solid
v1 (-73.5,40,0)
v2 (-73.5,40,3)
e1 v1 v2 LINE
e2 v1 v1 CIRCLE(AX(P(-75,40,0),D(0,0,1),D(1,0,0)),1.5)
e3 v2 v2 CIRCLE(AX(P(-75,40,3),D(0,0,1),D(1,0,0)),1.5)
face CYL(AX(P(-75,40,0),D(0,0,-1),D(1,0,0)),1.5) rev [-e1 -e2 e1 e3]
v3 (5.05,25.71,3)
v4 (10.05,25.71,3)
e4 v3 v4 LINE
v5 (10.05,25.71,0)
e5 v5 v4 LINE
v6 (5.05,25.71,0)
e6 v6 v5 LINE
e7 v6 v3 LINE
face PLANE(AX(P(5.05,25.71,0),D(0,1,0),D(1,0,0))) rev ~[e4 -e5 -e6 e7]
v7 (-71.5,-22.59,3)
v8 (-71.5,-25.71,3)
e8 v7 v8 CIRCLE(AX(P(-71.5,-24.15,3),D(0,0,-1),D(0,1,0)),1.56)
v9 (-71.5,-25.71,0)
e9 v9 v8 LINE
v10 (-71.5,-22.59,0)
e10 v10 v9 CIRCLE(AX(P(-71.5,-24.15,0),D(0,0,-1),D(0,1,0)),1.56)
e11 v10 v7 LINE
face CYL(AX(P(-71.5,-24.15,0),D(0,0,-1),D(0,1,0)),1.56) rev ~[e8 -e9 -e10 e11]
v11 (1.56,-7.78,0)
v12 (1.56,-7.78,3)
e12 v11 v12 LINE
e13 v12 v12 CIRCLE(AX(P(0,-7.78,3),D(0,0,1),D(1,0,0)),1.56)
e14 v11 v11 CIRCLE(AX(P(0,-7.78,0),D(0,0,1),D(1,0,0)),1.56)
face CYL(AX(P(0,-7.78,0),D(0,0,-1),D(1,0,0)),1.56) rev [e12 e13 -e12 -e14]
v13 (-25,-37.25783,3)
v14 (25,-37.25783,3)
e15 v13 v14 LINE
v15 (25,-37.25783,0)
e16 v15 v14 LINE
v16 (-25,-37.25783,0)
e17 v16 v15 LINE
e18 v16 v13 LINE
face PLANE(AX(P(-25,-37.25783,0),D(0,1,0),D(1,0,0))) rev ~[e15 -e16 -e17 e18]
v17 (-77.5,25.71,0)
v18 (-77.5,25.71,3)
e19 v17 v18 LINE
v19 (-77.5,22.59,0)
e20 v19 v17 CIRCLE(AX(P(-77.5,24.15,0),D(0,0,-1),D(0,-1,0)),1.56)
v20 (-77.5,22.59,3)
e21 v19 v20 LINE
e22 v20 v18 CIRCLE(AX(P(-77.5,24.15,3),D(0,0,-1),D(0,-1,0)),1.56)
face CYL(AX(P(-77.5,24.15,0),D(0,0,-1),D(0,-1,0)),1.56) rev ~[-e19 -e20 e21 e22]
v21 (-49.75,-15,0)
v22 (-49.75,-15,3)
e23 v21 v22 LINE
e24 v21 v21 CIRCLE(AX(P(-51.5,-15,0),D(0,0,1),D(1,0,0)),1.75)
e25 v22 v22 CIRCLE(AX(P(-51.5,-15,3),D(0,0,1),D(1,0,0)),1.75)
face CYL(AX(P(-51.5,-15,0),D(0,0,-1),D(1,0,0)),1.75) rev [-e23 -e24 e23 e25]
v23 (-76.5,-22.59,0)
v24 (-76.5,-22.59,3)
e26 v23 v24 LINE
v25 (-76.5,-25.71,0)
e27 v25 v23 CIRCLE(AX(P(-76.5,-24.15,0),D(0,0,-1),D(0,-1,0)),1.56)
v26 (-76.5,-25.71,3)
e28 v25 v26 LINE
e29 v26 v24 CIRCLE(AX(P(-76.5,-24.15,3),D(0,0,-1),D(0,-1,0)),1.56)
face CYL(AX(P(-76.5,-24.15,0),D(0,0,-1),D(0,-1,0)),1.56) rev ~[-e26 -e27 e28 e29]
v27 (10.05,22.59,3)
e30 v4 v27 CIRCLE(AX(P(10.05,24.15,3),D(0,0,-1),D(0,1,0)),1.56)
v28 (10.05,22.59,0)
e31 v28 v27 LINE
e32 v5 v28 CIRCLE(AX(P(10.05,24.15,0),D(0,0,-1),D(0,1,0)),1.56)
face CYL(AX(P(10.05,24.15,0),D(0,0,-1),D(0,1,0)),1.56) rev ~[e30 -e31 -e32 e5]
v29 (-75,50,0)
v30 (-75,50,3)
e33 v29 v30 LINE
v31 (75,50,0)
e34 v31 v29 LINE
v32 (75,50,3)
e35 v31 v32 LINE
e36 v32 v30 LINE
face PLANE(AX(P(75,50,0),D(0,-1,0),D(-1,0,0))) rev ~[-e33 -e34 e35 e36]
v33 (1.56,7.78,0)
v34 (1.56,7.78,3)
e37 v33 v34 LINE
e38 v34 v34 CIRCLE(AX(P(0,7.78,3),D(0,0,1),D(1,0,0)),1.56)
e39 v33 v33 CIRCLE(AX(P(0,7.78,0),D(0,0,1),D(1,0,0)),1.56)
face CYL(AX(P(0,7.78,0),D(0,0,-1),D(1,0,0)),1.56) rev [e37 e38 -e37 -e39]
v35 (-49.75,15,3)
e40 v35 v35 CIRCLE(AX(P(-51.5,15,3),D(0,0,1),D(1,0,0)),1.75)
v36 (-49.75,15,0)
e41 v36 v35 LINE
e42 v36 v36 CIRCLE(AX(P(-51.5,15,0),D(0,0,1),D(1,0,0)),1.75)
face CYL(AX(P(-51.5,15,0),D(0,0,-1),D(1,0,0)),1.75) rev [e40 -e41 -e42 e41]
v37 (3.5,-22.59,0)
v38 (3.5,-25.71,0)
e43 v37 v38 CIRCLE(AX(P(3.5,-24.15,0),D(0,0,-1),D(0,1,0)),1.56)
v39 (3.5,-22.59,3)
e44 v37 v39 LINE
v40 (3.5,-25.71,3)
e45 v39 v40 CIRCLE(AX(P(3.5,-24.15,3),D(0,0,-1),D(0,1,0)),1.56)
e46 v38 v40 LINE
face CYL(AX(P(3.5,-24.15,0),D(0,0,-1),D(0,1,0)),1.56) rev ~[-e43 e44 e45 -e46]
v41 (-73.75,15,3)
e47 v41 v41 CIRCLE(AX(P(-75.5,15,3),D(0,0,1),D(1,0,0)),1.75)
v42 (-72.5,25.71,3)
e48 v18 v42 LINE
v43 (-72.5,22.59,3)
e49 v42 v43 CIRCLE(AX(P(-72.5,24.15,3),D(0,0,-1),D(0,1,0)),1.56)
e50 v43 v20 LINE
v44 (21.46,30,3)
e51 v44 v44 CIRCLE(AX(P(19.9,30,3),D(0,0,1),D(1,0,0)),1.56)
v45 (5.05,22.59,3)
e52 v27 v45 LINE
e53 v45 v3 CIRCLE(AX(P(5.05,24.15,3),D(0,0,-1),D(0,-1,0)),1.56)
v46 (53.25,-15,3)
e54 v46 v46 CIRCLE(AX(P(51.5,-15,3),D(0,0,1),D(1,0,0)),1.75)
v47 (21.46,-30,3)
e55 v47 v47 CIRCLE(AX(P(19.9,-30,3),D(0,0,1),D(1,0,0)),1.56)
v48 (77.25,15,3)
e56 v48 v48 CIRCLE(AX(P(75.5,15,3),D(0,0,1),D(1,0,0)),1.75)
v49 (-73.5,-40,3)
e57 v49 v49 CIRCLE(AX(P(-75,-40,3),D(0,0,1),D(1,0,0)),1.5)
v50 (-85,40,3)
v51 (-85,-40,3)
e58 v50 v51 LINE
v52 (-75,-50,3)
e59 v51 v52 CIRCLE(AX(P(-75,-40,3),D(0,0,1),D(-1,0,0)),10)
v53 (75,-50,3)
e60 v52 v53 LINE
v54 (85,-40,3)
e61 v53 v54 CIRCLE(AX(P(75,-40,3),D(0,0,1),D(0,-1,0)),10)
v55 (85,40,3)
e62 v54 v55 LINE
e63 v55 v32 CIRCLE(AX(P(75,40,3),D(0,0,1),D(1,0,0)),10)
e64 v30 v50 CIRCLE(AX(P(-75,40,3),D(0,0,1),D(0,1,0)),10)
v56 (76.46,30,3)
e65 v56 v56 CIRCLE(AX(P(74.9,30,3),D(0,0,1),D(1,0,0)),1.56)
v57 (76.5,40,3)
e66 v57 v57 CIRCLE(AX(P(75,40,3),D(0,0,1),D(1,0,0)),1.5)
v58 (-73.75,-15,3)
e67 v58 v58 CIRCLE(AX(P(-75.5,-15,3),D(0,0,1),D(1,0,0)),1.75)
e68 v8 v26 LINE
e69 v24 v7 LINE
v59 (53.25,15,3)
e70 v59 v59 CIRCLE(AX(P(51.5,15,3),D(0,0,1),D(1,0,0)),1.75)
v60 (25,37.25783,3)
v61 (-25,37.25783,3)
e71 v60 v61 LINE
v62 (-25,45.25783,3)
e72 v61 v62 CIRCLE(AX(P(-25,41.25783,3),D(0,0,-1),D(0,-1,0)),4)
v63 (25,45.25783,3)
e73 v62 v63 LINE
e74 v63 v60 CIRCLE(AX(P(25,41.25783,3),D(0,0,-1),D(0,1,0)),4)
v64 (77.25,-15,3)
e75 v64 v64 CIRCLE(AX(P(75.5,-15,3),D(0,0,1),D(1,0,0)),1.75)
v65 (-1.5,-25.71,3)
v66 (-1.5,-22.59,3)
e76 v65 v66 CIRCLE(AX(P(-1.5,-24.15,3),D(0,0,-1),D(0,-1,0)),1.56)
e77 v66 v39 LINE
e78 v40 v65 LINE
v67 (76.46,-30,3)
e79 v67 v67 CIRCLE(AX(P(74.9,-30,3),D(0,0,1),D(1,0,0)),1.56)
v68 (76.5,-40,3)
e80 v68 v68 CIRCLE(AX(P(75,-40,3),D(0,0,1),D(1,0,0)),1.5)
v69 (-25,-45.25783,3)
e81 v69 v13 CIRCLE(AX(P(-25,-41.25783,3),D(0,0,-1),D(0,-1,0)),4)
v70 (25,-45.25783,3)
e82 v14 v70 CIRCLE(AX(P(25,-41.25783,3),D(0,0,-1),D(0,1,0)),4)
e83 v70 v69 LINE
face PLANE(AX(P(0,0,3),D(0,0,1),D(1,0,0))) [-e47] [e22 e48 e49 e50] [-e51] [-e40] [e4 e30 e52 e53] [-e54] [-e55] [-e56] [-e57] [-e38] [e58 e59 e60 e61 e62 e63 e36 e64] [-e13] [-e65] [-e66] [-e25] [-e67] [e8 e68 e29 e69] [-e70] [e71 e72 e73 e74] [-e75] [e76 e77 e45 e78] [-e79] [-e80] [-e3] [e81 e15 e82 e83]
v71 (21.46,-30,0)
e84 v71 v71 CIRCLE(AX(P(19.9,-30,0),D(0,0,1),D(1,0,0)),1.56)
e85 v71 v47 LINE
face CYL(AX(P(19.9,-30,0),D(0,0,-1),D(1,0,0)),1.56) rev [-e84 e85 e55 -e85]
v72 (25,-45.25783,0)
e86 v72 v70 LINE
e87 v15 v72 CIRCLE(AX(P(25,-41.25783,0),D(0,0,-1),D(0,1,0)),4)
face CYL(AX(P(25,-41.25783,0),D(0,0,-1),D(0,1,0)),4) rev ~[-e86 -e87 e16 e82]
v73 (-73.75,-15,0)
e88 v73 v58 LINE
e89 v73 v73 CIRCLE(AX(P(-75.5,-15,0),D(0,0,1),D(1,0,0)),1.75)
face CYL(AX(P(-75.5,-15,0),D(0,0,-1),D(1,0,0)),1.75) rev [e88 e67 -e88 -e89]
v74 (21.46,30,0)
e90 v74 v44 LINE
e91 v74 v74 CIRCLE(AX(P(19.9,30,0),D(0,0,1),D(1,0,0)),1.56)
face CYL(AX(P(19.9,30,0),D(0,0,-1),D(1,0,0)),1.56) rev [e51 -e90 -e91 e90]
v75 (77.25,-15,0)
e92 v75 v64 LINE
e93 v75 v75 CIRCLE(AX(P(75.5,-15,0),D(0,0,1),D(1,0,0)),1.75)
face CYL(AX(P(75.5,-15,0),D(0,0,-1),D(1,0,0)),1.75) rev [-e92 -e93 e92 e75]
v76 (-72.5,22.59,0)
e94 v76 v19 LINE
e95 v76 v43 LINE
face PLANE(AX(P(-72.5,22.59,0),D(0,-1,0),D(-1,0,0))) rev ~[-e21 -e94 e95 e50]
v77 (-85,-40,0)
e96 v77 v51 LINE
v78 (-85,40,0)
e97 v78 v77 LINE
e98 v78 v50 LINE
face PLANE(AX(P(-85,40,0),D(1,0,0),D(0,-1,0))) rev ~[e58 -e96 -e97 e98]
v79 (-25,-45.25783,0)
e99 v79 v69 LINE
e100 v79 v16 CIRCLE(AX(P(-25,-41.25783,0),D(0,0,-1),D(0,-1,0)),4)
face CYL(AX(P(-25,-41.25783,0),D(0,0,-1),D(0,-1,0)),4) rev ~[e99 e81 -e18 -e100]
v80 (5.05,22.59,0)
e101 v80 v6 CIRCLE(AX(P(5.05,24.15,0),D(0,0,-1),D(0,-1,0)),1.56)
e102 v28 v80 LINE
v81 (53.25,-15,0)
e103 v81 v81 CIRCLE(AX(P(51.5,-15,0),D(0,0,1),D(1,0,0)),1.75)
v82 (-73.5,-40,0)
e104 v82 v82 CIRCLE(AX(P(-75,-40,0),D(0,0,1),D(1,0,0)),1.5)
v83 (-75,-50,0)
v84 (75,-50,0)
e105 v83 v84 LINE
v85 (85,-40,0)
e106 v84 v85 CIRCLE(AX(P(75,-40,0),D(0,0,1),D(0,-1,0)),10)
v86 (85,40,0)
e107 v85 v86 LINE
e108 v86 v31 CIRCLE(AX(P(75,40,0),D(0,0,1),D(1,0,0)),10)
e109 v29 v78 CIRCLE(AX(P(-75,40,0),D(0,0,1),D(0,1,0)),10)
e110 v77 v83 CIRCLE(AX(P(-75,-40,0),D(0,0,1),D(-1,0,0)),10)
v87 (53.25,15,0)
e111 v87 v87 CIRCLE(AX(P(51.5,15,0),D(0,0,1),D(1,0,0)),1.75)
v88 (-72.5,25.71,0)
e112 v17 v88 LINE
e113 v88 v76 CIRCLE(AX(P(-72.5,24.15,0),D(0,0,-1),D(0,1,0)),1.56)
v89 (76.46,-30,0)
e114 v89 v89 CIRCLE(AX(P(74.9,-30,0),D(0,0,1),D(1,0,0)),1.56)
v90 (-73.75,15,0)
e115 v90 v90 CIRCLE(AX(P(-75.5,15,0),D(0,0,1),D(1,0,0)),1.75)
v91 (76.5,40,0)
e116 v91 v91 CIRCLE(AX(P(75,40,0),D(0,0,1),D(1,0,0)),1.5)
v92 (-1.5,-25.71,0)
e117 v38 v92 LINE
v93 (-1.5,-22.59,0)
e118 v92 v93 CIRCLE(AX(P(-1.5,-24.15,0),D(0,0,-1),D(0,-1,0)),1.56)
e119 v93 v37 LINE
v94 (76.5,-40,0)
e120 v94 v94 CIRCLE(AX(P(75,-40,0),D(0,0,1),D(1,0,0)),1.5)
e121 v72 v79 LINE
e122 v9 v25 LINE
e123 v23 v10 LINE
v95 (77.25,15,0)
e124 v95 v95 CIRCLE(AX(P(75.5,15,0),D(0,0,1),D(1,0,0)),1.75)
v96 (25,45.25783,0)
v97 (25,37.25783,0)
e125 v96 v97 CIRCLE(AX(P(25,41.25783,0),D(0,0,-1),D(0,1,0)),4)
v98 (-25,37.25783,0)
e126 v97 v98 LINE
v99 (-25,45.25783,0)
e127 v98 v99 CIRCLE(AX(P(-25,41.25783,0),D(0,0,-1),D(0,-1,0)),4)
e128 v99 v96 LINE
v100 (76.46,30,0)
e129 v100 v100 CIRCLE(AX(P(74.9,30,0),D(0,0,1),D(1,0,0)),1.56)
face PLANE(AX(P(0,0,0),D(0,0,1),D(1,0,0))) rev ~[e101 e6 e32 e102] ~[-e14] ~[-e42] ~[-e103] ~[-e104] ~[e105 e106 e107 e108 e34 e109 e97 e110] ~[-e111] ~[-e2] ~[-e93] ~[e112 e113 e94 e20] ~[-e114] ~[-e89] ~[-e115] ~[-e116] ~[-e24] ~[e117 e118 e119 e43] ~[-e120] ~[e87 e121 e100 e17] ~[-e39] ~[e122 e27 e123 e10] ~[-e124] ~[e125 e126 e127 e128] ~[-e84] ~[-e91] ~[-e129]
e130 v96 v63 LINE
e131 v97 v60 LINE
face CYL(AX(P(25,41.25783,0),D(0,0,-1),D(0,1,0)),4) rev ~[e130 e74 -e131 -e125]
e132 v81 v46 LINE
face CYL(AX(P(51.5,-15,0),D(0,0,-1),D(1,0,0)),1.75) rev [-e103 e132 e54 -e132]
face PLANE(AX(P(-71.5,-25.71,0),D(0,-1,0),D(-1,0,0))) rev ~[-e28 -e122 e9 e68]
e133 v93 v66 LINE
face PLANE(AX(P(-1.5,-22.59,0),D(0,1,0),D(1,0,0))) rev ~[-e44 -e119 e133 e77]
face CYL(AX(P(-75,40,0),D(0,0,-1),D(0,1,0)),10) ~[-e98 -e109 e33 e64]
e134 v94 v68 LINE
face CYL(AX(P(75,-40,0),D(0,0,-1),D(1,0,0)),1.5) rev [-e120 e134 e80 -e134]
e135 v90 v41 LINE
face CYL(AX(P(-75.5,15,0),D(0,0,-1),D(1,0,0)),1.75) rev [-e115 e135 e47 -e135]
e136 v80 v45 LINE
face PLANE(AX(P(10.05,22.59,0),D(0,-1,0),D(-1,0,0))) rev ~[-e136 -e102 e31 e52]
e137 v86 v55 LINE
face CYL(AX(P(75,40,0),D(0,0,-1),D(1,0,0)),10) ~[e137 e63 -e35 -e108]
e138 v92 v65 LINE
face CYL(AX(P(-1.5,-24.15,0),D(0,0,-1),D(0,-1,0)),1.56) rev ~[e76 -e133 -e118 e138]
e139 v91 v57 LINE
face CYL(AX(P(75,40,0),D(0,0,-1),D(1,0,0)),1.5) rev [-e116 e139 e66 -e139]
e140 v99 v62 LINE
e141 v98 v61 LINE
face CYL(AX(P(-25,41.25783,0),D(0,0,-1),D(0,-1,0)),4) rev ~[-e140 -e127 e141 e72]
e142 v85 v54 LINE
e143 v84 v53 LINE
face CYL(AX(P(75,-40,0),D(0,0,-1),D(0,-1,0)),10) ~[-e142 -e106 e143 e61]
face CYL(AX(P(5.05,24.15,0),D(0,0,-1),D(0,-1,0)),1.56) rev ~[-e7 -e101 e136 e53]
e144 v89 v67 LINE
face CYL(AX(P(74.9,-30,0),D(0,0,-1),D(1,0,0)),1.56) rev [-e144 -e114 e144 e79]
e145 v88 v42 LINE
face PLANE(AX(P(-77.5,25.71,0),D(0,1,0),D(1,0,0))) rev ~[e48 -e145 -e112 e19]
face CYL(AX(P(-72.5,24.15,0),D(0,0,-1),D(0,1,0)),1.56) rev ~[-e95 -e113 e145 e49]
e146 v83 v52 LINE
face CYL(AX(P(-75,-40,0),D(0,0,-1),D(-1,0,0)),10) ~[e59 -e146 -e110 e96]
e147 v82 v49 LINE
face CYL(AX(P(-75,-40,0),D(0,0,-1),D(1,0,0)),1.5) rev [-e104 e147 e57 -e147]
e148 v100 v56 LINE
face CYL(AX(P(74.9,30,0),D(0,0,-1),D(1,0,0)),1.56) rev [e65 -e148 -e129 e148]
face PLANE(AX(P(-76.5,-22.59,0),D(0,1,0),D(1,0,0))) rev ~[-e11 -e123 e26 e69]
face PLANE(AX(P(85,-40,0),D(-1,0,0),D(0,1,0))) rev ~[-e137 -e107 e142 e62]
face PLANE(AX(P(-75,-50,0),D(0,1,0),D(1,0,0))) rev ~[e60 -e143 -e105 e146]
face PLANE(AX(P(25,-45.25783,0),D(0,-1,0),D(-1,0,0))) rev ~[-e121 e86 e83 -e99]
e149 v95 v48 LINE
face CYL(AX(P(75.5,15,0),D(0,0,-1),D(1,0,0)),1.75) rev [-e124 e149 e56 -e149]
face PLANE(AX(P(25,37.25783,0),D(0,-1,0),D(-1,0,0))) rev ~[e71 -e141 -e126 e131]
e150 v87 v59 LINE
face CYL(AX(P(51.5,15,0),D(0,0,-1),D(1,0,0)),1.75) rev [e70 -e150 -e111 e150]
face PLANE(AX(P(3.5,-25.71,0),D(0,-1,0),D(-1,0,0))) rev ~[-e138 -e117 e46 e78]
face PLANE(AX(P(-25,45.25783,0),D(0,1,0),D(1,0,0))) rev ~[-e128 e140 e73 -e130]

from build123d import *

# Parameters (mm, degrees)
SKETCH1_R           = 1.5
SKETCH1_R_2         = 1.75
SKETCH1_R_3         = 1.56
BOSS_EXTRUDE1_DEPTH = 3


with BuildPart() as part:
    # Sketch1 → Boss-Extrude1 (new body)
    with BuildSketch(Plane.XY):
        with BuildLine():
            Line((75, 50), (-75, 50))
            ThreePointArc((-75, 50), (-82.071067812, 47.071067812), (-85, 40))
            Line((-85, 40), (-85, -40))
            ThreePointArc((-85, -40), (-82.071067812, -47.071067812), (-75, -50))
            Line((-75, -50), (75, -50))
            ThreePointArc((75, -50), (82.071067812, -47.071067812), (85, -40))
            Line((85, -40), (85, -20))
            Line((85, -20), (85, 20))
            Line((85, 20), (85, 40))
            ThreePointArc((85, 40), (82.071067812, 47.071067812), (75, 50))
        make_face()
        with Locations((-75, -40)):
            Circle(SKETCH1_R, mode=Mode.SUBTRACT)
        with BuildLine():
            ThreePointArc((-71.5, -22.59), (-69.94, -24.15), (-71.5, -25.71))
            Line((-71.5, -25.71), (-74, -25.71))
            Line((-74, -25.71), (-76.5, -25.71))
            ThreePointArc((-76.5, -25.71), (-78.06, -24.15), (-76.5, -22.59))
            Line((-76.5, -22.59), (-74, -22.59))
            Line((-74, -22.59), (-71.5, -22.59))
        make_face(mode=Mode.SUBTRACT)
        with Locations((-75.5, -15)):
            Circle(SKETCH1_R_2, mode=Mode.SUBTRACT)
        with Locations((-51.5, -15)):
            Circle(SKETCH1_R_2, mode=Mode.SUBTRACT)
        with BuildLine():
            Line((25, -45.257829906), (-25, -45.257829906))
            ThreePointArc((-25, -45.257829906), (-29, -41.257829906), (-25, -37.257829906))
            Line((-25, -37.257829906), (25, -37.257829906))
            ThreePointArc((25, -37.257829906), (29, -41.257829906), (25, -45.257829906))
        make_face(mode=Mode.SUBTRACT)
        with Locations((19.9, -30)):
            Circle(SKETCH1_R_3, mode=Mode.SUBTRACT)
        with Locations((75, -40)):
            Circle(SKETCH1_R, mode=Mode.SUBTRACT)
        with Locations((74.9, -30)):
            Circle(SKETCH1_R_3, mode=Mode.SUBTRACT)
        with BuildLine():
            ThreePointArc((3.5, -22.59), (5.06, -24.15), (3.5, -25.71))
            Line((3.5, -25.71), (1, -25.71))
            Line((1, -25.71), (-1.5, -25.71))
            ThreePointArc((-1.5, -25.71), (-3.06, -24.15), (-1.5, -22.59))
            Line((-1.5, -22.59), (1, -22.59))
            Line((1, -22.59), (3.5, -22.59))
        make_face(mode=Mode.SUBTRACT)
        with Locations((0, -7.78)):
            Circle(SKETCH1_R_3, mode=Mode.SUBTRACT)
        with Locations((51.5, -15)):
            Circle(SKETCH1_R_2, mode=Mode.SUBTRACT)
        with Locations((75.5, -15)):
            Circle(SKETCH1_R_2, mode=Mode.SUBTRACT)
        with Locations((-75.5, 15)):
            Circle(SKETCH1_R_2, mode=Mode.SUBTRACT)
        with BuildLine():
            ThreePointArc((-72.5, 25.71), (-70.94, 24.15), (-72.5, 22.59))
            Line((-72.5, 22.59), (-75, 22.59))
            Line((-75, 22.59), (-77.5, 22.59))
            ThreePointArc((-77.5, 22.59), (-79.06, 24.15), (-77.5, 25.71))
            Line((-77.5, 25.71), (-75, 25.71))
            Line((-75, 25.71), (-72.5, 25.71))
        make_face(mode=Mode.SUBTRACT)
        with Locations((-51.5, 15)):
            Circle(SKETCH1_R_2, mode=Mode.SUBTRACT)
        with Locations((-75, 40)):
            Circle(SKETCH1_R, mode=Mode.SUBTRACT)
        with Locations((0, 7.78)):
            Circle(SKETCH1_R_3, mode=Mode.SUBTRACT)
        with BuildLine():
            ThreePointArc((10.05, 25.71), (11.61, 24.15), (10.05, 22.59))
            Line((10.05, 22.59), (7.55, 22.59))
            Line((7.55, 22.59), (5.05, 22.59))
            ThreePointArc((5.05, 22.59), (3.49, 24.15), (5.05, 25.71))
            Line((5.05, 25.71), (7.55, 25.71))
            Line((7.55, 25.71), (10.05, 25.71))
        make_face(mode=Mode.SUBTRACT)
        with Locations((51.5, 15)):
            Circle(SKETCH1_R_2, mode=Mode.SUBTRACT)
        with Locations((75.5, 15)):
            Circle(SKETCH1_R_2, mode=Mode.SUBTRACT)
        with Locations((19.9, 30)):
            Circle(SKETCH1_R_3, mode=Mode.SUBTRACT)
        with BuildLine():
            ThreePointArc((-25, 37.257829906), (-29, 41.257829906), (-25, 45.257829906))
            Line((-25, 45.257829906), (25, 45.257829906))
            ThreePointArc((25, 45.257829906), (29, 41.257829906), (25, 37.257829906))
            Line((25, 37.257829906), (-25, 37.257829906))
        make_face(mode=Mode.SUBTRACT)
        with Locations((74.9, 30)):
            Circle(SKETCH1_R_3, mode=Mode.SUBTRACT)
        with Locations((75, 40)):
            Circle(SKETCH1_R, mode=Mode.SUBTRACT)
    extrude(amount=BOSS_EXTRUDE1_DEPTH)


solid = part.part
